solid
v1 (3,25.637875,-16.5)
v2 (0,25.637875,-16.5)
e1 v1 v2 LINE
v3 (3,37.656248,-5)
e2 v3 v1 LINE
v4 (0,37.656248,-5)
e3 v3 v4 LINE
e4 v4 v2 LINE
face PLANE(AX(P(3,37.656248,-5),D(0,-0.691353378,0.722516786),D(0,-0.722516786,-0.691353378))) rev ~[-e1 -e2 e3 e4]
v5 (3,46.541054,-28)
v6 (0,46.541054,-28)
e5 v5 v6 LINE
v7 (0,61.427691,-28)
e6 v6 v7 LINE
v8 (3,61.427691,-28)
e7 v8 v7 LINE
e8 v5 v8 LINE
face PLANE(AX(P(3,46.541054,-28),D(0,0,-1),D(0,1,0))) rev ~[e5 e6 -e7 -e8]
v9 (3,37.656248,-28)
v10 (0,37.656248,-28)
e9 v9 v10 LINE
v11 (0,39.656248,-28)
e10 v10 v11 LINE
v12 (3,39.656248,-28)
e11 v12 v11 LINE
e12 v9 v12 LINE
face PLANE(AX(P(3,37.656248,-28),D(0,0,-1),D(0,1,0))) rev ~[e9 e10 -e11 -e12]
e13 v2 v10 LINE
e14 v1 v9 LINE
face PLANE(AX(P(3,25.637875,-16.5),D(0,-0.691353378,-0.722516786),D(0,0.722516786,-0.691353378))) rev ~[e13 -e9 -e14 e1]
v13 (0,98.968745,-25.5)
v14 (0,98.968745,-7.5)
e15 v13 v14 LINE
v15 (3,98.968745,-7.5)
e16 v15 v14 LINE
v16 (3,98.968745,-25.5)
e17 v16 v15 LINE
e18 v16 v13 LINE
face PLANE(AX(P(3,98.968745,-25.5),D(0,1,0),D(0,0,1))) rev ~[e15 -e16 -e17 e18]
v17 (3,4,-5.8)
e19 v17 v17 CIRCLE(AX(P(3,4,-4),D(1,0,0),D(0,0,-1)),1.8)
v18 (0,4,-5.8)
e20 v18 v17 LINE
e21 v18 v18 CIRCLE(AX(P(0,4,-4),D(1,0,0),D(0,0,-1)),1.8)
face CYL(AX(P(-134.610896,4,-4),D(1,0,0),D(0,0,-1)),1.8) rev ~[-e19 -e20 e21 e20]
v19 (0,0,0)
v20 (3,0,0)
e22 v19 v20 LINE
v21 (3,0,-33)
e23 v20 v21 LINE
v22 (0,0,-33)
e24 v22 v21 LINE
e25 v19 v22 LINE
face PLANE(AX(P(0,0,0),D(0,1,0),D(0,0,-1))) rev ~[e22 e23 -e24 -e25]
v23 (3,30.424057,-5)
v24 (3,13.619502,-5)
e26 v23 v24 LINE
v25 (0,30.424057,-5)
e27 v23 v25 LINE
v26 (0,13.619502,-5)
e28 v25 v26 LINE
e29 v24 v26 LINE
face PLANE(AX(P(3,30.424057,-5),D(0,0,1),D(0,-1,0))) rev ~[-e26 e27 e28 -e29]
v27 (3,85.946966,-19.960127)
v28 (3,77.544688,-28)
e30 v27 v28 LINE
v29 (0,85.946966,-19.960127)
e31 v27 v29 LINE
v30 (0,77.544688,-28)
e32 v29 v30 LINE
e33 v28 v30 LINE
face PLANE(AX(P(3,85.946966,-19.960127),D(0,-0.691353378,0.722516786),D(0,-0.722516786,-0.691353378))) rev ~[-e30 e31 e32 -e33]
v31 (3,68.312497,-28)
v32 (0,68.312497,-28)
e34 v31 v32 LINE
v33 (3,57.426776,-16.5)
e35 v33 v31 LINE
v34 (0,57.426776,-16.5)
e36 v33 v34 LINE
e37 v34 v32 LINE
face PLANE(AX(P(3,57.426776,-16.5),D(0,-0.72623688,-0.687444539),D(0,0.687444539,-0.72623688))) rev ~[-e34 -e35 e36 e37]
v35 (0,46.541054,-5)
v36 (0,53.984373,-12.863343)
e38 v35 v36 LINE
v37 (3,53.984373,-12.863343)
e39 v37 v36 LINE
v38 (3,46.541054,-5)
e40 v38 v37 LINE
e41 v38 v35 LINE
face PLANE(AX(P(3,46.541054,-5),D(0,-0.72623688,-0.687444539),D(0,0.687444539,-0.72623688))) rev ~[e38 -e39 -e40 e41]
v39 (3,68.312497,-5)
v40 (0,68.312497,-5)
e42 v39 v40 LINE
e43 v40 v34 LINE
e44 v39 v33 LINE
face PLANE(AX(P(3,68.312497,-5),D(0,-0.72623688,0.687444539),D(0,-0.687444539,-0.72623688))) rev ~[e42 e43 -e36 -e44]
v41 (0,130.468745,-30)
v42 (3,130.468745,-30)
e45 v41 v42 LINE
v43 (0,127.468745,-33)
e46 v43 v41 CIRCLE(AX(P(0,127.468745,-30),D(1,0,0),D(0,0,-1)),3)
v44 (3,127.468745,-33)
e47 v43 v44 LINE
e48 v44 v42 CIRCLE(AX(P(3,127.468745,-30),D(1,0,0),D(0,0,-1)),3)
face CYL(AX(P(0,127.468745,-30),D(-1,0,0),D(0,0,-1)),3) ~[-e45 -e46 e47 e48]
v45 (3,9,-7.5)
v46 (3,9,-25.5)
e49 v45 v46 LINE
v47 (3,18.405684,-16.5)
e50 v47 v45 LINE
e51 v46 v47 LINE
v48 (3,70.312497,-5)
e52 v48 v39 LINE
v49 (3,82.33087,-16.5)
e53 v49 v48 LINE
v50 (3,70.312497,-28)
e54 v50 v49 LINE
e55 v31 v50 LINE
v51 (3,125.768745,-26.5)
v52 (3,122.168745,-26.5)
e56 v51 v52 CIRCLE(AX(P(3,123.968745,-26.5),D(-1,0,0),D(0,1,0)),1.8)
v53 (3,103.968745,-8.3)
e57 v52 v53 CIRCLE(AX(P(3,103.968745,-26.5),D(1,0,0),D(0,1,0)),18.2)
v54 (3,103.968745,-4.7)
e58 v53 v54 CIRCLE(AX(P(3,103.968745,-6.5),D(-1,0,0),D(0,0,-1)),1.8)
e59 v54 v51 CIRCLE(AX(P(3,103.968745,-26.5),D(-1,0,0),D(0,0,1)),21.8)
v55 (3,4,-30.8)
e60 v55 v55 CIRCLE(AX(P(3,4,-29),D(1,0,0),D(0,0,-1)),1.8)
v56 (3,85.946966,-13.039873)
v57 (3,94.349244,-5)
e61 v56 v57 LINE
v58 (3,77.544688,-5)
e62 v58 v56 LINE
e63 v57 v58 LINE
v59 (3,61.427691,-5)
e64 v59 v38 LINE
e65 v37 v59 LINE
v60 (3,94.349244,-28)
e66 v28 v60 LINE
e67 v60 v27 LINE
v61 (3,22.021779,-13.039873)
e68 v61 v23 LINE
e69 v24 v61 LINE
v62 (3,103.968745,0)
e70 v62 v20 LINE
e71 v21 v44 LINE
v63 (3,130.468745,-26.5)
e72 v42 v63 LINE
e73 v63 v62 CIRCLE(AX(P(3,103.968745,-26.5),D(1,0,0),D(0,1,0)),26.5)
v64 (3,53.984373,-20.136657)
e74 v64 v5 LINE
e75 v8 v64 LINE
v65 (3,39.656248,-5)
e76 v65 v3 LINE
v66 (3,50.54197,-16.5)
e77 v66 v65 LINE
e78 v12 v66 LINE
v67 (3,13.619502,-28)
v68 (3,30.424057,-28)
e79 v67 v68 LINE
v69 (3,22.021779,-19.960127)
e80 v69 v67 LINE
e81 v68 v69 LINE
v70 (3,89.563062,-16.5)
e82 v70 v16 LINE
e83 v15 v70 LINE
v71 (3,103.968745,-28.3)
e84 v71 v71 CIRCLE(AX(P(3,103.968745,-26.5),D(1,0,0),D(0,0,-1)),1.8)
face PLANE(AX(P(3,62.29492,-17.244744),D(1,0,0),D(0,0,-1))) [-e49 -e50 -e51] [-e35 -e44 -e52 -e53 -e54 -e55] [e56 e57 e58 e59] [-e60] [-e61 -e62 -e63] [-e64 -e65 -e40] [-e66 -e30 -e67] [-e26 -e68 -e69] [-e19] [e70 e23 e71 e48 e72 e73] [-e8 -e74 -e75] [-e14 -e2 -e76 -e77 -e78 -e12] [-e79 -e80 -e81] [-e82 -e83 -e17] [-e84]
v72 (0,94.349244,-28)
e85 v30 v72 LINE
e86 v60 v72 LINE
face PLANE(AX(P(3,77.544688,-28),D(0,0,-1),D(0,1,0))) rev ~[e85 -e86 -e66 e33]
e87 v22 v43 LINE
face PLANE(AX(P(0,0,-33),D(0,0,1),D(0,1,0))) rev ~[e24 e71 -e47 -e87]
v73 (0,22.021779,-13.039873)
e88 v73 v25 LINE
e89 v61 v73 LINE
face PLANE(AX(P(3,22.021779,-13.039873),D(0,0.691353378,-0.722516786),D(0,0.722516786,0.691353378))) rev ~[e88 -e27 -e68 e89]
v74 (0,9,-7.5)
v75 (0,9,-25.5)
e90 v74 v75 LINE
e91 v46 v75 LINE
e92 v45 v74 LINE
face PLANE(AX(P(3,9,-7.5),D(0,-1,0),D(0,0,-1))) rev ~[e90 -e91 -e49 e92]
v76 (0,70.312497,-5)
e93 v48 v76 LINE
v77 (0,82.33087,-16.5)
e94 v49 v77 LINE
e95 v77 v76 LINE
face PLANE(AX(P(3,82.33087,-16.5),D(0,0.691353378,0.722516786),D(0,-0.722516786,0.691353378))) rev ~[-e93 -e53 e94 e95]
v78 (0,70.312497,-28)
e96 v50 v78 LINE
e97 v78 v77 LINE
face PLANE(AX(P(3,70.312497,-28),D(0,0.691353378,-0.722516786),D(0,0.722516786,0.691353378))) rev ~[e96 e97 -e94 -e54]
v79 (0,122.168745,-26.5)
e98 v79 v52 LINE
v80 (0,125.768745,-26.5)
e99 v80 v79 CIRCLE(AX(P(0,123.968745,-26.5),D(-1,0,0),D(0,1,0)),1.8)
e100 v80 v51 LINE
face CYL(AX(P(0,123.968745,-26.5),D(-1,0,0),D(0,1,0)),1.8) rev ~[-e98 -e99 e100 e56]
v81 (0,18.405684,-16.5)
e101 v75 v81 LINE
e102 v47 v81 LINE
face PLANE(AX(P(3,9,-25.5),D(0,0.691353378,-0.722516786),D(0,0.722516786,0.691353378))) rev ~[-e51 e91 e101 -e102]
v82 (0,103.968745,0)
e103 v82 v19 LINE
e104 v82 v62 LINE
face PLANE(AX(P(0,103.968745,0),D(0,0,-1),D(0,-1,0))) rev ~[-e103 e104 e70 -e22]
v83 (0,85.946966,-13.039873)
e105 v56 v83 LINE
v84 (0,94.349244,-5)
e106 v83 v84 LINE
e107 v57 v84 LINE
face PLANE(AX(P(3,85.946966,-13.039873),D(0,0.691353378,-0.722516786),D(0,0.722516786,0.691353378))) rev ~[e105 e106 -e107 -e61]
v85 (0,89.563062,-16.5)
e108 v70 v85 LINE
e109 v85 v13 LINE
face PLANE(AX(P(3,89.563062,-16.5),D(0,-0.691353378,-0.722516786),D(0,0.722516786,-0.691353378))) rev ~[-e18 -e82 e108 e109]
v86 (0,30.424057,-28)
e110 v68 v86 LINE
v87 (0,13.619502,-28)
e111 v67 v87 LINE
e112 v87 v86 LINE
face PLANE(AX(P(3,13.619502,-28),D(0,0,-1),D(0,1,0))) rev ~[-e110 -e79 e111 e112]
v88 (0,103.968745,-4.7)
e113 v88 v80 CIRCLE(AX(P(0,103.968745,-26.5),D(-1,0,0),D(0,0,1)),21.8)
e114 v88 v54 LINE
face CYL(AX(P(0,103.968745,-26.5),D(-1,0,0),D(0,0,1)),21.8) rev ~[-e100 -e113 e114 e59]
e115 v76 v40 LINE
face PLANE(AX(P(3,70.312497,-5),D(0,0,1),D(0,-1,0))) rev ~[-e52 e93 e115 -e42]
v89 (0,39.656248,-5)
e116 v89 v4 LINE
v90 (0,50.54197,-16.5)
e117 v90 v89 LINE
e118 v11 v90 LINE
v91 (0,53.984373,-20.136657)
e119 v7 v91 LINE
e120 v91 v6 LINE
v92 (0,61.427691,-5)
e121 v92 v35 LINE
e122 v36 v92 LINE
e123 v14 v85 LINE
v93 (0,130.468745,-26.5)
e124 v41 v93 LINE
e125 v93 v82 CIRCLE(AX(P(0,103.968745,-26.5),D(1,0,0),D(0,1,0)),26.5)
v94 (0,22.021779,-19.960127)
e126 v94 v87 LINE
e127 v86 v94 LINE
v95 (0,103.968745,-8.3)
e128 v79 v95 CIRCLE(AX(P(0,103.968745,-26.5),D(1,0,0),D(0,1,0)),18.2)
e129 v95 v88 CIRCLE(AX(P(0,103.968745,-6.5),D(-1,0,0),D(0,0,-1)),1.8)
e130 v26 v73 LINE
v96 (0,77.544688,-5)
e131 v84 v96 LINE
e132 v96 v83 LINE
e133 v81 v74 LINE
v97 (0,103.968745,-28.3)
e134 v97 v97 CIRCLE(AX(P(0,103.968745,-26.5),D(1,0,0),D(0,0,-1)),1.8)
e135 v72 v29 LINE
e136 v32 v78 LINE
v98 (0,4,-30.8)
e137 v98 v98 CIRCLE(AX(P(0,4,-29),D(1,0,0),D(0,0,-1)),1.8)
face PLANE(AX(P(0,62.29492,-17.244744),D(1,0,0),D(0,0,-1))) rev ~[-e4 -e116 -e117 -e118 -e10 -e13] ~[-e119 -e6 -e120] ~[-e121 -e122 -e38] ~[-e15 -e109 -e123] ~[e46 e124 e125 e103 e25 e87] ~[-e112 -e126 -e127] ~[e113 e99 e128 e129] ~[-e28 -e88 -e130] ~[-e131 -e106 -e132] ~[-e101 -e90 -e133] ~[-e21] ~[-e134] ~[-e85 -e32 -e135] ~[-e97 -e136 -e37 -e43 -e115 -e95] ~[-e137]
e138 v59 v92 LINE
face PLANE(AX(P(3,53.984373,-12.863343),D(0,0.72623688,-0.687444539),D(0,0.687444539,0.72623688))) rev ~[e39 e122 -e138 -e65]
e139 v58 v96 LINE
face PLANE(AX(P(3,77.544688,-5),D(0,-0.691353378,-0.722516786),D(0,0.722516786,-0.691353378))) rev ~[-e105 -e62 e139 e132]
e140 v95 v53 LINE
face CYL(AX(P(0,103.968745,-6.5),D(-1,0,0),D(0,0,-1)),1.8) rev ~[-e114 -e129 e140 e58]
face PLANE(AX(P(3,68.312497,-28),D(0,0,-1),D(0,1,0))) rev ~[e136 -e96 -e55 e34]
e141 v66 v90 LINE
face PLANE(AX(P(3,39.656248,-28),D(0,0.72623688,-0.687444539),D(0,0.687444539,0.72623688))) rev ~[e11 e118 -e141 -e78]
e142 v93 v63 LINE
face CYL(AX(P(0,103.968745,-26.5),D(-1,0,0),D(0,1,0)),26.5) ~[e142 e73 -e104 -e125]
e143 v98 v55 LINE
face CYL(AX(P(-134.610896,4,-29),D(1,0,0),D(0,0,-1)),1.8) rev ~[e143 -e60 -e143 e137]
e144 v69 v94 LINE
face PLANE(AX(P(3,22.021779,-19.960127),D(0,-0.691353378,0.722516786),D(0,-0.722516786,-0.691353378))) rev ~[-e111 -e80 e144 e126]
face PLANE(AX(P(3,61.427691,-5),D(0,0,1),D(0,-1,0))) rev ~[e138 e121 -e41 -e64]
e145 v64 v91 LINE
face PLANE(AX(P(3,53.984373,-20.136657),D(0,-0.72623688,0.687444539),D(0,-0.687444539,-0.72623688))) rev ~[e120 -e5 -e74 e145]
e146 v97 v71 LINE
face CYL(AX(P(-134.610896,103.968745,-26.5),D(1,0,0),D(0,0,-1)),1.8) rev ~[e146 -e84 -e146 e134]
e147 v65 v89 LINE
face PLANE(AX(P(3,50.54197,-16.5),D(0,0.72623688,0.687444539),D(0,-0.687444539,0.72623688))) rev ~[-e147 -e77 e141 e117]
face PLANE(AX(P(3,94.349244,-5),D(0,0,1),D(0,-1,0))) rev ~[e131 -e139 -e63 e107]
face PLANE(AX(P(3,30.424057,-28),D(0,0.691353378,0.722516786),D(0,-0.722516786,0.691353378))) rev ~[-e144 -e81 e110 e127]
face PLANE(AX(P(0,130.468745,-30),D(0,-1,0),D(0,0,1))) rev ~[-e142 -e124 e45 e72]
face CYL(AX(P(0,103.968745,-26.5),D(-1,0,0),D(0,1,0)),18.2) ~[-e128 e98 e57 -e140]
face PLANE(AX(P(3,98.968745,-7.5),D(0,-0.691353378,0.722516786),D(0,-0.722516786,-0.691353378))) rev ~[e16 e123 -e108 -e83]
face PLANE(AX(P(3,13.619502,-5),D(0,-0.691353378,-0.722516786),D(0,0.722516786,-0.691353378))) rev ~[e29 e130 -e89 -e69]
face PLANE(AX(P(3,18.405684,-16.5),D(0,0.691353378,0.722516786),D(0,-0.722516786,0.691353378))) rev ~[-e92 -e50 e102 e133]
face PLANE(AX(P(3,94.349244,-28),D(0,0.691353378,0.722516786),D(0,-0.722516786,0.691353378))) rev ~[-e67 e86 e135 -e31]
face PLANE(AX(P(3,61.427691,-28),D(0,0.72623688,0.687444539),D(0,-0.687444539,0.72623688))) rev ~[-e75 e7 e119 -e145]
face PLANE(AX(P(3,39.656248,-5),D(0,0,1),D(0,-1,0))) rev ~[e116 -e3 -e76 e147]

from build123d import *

# Parameters (mm, degrees)
SKETCH1_R            = 1.5
BOSS_EXTRUDE1_DEPTH  = 3
M3_CLEARANCE_HOLE1_D = 3.6
CUT_EXTRUDE1_DEPTH   = 10


with BuildPart() as part:
    # Sketch1 → Boss-Extrude1 (new body)
    with BuildSketch(Plane(origin=(0, 0, 0), x_dir=(0, 0, -1), z_dir=(1, 0, 0))):
        with BuildLine():
            Line((33, 103.968745116), (33, 127.468745116))
            ThreePointArc((33, 127.468745116), (32.121320344, 129.590065459), (30, 130.468745116))
            Line((30, 130.468745116), (26.5, 130.468745116))
            ThreePointArc((26.5, 130.468745116), (7.761670299, 122.707074817), (0, 103.968745116))
            Line((0, 103.968745116), (0, 0))
            Line((0, 0), (33, 0))
            Line((33, 0), (33, 103.968745116))
        make_face()
        with Locations((4, 4)):
            Circle(SKETCH1_R, mode=Mode.SUBTRACT)
        with Locations((29, 4)):
            Circle(SKETCH1_R, mode=Mode.SUBTRACT)
        with Locations((26.5, 103.968745116)):
            Circle(SKETCH1_R, mode=Mode.SUBTRACT)
        with BuildLine():
            ThreePointArc((4.7, 103.968745116), (11.08507217, 119.383672946), (26.5, 125.768745116))
            ThreePointArc((26.5, 125.768745116), (28.3, 123.968745116), (26.5, 122.168745116))
            ThreePointArc((26.5, 122.168745116), (13.630656582, 116.838088533), (8.3, 103.968745116))
            ThreePointArc((8.3, 103.968745116), (6.5, 102.168745116), (4.7, 103.968745116))
        make_face(mode=Mode.SUBTRACT)
    extrude(amount=BOSS_EXTRUDE1_DEPTH)

    # M3 Clearance Hole1 (through all)
    with Locations(Plane.ZY):
        with Locations((-29, 4), (-4, 4), (-26.5, 103.968745116)):
            Hole(M3_CLEARANCE_HOLE1_D / 2)

    # Sketch4 → Cut-Extrude1 (cut)
    with BuildSketch(Plane(origin=(3, 0, 0), x_dir=(0, 0, -1), z_dir=(1, 0, 0))):
        Polygon((5, 13.619501596), (13.039872779, 22.021779252), (5, 30.424056909), align=None)
        Polygon((7.5, 9), (25.5, 9), (16.5, 18.405683521), align=None)
        Polygon((28, 30.424056909), (19.960127221, 22.021779252), (28, 13.619501596), align=None)
        Polygon((5, 37.656248372), (16.5, 25.637874984), (28, 37.656248372), (28, 39.656248372), (16.5, 50.541969576), (5, 39.656248372), align=None)
        Polygon((20.136657006, 53.984372558), (28, 46.541054335), (28, 61.427690781), align=None)
        Polygon((5, 61.427690781), (5, 46.541054335), (12.863342994, 53.984372558), align=None)
        Polygon((5, 70.312496744), (5, 68.312496744), (16.5, 57.426775539), (28, 68.312496744), (28, 70.312496744), (16.5, 82.330870131), align=None)
        Polygon((19.960127221, 85.946965863), (28, 77.544688207), (28, 94.349243519), align=None)
        Polygon((5, 94.349243519), (5, 77.544688207), (13.039872779, 85.946965863), align=None)
        Polygon((7.5, 98.968745116), (16.5, 89.563061595), (25.5, 98.968745116), align=None)
    extrude(amount=-CUT_EXTRUDE1_DEPTH, mode=Mode.SUBTRACT)


solid = part.part
